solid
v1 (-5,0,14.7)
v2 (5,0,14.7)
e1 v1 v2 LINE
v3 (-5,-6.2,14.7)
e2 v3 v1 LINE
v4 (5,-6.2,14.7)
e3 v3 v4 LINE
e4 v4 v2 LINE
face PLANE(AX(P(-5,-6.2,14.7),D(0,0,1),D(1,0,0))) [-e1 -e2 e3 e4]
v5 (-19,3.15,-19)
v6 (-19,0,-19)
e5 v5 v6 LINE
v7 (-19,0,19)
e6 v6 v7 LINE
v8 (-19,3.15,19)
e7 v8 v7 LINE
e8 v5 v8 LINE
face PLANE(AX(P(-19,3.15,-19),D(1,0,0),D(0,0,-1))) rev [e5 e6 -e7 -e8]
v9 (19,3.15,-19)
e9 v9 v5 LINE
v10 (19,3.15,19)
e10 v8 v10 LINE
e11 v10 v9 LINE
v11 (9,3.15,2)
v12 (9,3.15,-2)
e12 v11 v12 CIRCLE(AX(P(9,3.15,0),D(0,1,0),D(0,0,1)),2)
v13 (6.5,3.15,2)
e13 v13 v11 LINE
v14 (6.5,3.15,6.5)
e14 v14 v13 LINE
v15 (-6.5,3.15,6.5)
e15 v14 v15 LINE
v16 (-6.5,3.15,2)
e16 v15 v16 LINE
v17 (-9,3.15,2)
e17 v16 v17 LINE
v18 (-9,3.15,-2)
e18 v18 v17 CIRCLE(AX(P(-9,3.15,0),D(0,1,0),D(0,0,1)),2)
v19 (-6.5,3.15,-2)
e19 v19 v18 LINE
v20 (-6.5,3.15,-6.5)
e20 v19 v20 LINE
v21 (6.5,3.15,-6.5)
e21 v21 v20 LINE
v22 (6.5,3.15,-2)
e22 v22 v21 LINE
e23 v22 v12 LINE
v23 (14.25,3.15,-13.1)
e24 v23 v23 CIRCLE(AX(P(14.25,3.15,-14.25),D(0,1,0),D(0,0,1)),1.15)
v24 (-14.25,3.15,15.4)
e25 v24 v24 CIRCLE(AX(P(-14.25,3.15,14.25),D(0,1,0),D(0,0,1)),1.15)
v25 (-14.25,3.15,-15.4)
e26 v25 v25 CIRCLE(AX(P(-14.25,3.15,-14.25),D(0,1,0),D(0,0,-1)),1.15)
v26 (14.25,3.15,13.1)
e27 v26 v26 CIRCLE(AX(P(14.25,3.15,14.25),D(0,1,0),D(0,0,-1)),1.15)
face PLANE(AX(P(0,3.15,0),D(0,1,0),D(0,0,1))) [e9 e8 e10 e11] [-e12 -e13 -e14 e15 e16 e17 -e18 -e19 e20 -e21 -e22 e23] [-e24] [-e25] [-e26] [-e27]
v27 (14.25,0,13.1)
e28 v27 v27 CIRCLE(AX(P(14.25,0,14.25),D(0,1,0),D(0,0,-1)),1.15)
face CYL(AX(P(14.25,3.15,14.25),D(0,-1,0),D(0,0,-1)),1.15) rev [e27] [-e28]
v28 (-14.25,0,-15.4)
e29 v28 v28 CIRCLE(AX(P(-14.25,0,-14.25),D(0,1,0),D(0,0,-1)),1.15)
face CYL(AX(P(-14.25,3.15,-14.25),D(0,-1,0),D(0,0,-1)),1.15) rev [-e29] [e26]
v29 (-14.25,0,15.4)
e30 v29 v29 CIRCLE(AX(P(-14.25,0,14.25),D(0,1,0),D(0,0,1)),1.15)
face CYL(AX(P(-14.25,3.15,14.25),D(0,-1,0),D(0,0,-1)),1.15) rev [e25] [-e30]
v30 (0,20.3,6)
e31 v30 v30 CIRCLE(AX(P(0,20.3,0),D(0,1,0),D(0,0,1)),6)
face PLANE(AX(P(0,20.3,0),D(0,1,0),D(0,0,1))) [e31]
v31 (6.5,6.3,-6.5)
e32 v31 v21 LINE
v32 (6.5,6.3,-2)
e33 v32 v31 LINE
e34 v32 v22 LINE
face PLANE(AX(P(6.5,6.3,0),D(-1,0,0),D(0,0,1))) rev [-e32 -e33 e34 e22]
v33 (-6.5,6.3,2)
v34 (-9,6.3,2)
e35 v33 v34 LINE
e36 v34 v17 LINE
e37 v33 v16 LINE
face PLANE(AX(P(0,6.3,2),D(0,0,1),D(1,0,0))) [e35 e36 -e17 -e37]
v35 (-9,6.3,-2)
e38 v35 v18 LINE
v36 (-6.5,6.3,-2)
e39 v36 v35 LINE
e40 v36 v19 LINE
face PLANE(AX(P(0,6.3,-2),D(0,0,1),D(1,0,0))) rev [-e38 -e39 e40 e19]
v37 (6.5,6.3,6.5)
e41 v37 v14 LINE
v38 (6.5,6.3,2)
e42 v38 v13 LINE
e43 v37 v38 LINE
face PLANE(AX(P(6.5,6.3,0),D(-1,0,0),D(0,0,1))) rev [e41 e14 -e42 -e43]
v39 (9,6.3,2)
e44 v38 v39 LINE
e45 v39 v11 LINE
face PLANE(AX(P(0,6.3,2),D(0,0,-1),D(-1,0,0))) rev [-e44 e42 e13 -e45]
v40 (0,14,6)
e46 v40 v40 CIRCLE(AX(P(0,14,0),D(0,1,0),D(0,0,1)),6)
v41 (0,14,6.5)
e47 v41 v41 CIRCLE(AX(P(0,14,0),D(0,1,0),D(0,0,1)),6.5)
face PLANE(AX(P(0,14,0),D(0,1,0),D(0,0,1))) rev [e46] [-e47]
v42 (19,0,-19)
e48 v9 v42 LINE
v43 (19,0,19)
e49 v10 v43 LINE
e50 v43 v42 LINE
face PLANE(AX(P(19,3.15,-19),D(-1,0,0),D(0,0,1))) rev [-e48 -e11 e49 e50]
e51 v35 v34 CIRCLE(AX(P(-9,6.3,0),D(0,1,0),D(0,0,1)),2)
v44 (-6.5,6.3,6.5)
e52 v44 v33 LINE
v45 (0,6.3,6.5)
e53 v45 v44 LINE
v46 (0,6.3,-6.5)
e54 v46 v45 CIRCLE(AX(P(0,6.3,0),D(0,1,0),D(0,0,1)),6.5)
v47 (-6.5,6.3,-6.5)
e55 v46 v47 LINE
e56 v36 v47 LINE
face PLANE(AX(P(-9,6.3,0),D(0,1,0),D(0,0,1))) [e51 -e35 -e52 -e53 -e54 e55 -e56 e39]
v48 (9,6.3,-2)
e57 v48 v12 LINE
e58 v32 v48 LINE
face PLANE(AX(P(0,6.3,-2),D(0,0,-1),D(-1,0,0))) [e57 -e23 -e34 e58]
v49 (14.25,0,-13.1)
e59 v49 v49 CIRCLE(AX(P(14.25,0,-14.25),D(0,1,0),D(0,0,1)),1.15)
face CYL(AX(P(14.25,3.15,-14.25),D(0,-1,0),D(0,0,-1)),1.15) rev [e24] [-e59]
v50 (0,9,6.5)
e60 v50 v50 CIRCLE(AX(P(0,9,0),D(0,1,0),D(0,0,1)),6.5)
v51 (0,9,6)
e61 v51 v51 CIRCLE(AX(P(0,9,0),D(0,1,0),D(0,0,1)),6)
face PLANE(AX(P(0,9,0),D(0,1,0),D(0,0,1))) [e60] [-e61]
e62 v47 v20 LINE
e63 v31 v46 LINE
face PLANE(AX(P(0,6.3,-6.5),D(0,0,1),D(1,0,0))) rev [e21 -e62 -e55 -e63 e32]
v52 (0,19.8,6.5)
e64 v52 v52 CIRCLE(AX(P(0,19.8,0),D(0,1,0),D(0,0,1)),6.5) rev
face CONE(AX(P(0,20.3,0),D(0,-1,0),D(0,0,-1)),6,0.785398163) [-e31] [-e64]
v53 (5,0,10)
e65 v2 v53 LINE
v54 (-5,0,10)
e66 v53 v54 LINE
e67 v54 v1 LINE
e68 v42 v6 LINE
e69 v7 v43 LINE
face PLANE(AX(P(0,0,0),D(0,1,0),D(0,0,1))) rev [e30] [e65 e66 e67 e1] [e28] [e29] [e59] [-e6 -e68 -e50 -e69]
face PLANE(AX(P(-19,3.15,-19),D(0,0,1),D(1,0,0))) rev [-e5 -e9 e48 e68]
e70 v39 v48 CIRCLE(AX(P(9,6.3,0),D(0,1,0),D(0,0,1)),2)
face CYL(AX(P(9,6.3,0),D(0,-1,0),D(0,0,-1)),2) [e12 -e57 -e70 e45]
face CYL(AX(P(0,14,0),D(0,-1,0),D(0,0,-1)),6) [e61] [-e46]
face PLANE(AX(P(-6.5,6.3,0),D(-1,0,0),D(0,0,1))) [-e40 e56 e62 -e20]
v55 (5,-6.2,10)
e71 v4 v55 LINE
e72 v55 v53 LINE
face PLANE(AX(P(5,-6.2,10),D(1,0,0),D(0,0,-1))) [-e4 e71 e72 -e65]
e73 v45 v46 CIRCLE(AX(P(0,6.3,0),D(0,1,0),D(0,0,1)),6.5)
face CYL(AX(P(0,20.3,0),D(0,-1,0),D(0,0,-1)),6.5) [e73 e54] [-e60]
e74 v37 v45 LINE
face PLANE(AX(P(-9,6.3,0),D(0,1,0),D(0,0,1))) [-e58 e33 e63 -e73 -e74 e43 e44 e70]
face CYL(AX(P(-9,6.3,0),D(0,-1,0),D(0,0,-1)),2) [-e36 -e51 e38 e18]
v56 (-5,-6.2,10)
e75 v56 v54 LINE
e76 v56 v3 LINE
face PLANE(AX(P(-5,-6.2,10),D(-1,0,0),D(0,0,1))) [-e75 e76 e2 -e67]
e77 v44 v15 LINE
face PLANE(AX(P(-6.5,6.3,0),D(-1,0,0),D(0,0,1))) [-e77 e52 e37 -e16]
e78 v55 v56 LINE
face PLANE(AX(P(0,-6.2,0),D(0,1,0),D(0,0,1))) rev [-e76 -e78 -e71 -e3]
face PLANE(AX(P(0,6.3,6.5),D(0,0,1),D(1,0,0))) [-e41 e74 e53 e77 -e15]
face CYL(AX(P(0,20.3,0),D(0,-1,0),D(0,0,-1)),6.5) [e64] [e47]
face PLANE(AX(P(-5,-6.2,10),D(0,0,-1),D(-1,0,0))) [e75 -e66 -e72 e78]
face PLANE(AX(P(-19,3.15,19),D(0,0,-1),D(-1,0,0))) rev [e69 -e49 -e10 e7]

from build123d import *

# Parameters (mm, degrees)
SKETCH_2_W          = 38
SKETCH_2_H          = 38
SKETCH_2_R          = 1.15
EXTRUDE_1_DEPTH     = 3.15
EXTRUDE_START       = 3.15
SKETCH_3_W          = 13
SKETCH_3_H          = 13
EXTRUDE_2_DEPTH     = 3.15
EXTRUDE_START_2     = 6.3
SKETCH_4_R          = 6.5
EXTRUDE_3_DEPTH     = 14
CUT_EXTRUDE_START   = 9
SKETCH_5_R          = 32.561017026
SKETCH_5_R_2        = 6
CUT_EXTRUDE_1_DEPTH = 5
SKETCH_6_W          = 10
SKETCH_6_H          = 4.7
EXTRUDE_4_DEPTH     = 6.2
CHAMFER_1_SIZE      = 0.5


with BuildPart() as part:
    # 草图2 → 凸台-拉伸1 (new body)
    with BuildSketch(Plane(origin=(0, 0, 0), x_dir=(1, 0, 0), z_dir=(0, 1, 0))):
        Rectangle(SKETCH_2_W, SKETCH_2_H)
        with Locations((14.25, 14.25)):
            Circle(SKETCH_2_R, mode=Mode.SUBTRACT)
        with Locations((-14.25, 14.25)):
            Circle(SKETCH_2_R, mode=Mode.SUBTRACT)
        with Locations((14.25, -14.25)):
            Circle(SKETCH_2_R, mode=Mode.SUBTRACT)
        with Locations((-14.25, -14.25)):
            Circle(SKETCH_2_R, mode=Mode.SUBTRACT)
    extrude(amount=EXTRUDE_1_DEPTH)

    # 草图3 → 凸台-拉伸2 (add)
    with BuildSketch(Plane(origin=(0, 0, 0), x_dir=(1, 0, 0), z_dir=(0, 1, 0)).offset(EXTRUDE_START)):
        with BuildLine():
            Line((-6.5, -2), (-6.5, 2))
            Line((-6.5, 2), (-9, 2))
            ThreePointArc((-9, 2), (-11, 0), (-9, -2))
            Line((-9, -2), (-6.5, -2))
        make_face()
        Rectangle(SKETCH_3_W, SKETCH_3_H)
        with BuildLine():
            ThreePointArc((9, -2), (11, 0), (9, 2))
            Line((9, 2), (6.5, 2))
            Line((6.5, 2), (6.5, -2))
            Line((6.5, -2), (9, -2))
        make_face()
    extrude(amount=EXTRUDE_2_DEPTH)

    # 草图4 → 凸台-拉伸3 (add)
    with BuildSketch(Plane(origin=(0, 0, 0), x_dir=(1, 0, 0), z_dir=(0, 1, 0)).offset(EXTRUDE_START_2)):
        Circle(SKETCH_4_R)
    extrude(amount=EXTRUDE_3_DEPTH)

    # 草图5 → 切除-拉伸1 (cut)
    with BuildSketch(Plane(origin=(0, 0, 0), x_dir=(1, 0, 0), z_dir=(0, 1, 0)).offset(CUT_EXTRUDE_START)):
        Circle(SKETCH_5_R)
        Circle(SKETCH_5_R_2, mode=Mode.SUBTRACT)
    extrude(amount=CUT_EXTRUDE_1_DEPTH, mode=Mode.SUBTRACT)

    # 草图6 → 凸台-拉伸4 (add)
    with BuildSketch(Plane(origin=(0, 0, 0), x_dir=(1, 0, 0), z_dir=(0, 1, 0))):
        with Locations((0, -12.35)):
            Rectangle(SKETCH_6_W, SKETCH_6_H)
    extrude(amount=-EXTRUDE_4_DEPTH)

    # 倒角1
    chamfer_1_edges = [part.edges().sort_by_distance(p)[0] for p in [
        (-6.5, 20.3, 0),
    ]]
    chamfer(chamfer_1_edges, length=CHAMFER_1_SIZE)


solid = part.part
